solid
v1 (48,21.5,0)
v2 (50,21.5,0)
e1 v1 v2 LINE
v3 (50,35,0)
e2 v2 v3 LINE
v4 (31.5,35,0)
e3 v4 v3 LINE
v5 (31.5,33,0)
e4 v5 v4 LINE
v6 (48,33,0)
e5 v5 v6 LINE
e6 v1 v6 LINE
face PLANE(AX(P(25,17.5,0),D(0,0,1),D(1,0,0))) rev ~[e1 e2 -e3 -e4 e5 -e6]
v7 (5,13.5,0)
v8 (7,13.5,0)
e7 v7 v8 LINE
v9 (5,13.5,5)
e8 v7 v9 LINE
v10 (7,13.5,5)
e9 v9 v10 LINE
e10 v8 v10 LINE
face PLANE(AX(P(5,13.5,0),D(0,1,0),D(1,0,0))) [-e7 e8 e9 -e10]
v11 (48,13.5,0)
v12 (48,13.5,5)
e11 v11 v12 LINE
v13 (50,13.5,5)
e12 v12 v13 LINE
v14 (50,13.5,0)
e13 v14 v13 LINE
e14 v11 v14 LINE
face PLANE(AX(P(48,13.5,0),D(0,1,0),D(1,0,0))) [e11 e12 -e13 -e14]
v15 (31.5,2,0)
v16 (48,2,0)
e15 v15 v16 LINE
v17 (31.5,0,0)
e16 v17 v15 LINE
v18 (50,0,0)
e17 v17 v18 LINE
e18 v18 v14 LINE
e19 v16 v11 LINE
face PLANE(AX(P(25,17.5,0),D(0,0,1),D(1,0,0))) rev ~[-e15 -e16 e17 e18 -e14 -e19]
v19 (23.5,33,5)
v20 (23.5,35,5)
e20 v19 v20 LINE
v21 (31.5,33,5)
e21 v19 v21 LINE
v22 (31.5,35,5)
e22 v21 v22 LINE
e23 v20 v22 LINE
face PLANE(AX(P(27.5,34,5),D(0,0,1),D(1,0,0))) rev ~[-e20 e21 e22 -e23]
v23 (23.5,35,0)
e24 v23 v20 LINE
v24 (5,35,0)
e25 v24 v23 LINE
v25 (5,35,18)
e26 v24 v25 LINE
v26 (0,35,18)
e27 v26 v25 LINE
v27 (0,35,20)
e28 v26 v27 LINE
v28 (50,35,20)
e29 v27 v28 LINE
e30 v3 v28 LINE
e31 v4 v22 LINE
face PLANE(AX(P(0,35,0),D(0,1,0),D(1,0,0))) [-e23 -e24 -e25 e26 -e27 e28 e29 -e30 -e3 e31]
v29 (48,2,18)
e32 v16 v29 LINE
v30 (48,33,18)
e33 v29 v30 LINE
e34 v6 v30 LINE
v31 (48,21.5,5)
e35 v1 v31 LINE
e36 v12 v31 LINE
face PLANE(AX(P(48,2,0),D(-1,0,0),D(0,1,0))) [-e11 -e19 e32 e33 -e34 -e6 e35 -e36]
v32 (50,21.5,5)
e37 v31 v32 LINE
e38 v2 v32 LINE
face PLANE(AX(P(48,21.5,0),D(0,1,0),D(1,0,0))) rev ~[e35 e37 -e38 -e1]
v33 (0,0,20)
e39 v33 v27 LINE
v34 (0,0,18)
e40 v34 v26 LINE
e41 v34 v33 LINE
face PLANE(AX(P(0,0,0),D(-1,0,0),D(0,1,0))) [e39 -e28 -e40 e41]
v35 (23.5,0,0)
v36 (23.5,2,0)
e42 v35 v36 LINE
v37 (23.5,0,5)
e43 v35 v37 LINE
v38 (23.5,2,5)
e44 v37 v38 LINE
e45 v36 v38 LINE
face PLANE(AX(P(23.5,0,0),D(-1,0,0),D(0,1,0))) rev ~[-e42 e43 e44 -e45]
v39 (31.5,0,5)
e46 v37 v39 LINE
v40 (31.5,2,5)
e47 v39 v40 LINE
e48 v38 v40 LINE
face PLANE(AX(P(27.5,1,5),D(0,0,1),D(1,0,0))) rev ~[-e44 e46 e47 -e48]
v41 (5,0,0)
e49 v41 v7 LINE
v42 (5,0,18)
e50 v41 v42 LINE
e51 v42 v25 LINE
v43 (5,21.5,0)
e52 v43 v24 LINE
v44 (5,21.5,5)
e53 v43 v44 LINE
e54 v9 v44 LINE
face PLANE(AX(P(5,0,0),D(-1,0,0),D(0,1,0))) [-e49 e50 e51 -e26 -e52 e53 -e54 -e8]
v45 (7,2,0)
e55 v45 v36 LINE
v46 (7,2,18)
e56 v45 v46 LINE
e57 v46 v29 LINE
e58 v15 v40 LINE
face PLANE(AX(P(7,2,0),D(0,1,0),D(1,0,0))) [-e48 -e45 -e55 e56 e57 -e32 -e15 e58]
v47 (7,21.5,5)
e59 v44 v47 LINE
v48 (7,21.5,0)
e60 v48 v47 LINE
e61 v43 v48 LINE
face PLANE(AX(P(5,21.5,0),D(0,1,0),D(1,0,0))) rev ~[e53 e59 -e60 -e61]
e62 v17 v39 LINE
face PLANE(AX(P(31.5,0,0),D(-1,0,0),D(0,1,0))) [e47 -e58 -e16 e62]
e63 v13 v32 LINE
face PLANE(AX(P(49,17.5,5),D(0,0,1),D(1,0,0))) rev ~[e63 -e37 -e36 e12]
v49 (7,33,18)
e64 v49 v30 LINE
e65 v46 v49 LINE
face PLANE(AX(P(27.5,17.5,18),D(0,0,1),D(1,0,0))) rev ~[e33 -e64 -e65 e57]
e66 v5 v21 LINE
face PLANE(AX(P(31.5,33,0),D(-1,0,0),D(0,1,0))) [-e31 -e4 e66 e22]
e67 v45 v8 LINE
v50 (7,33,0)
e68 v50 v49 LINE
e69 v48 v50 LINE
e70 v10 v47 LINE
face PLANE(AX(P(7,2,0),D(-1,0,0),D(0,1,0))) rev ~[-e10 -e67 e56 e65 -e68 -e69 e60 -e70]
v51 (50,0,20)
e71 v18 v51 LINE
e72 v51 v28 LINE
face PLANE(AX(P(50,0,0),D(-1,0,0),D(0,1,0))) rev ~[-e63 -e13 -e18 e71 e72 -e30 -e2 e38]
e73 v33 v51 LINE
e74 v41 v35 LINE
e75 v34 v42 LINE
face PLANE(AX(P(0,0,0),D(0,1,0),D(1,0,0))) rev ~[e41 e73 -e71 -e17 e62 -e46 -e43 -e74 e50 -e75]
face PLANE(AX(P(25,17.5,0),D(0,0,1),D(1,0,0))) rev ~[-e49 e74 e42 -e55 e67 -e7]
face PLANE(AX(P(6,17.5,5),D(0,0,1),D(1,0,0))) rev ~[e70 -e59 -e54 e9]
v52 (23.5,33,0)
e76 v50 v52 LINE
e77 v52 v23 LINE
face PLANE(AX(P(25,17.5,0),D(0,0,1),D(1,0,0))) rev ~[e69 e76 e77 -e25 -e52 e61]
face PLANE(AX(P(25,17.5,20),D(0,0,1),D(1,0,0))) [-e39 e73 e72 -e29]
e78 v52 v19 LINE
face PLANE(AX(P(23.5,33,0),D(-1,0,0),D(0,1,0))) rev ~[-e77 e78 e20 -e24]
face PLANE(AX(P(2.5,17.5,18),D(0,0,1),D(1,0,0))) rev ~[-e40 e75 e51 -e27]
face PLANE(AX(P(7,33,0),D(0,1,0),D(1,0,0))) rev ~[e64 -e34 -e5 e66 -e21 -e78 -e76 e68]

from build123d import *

# Parameters (mm, degrees)
BOX006_W     = 2
BOX006_H     = 8
BOX006_DEPTH = 5
BOX005_W     = 2
BOX005_H     = 8
BOX005_DEPTH = 5
BOX004_W     = 8
BOX004_H     = 2
BOX004_DEPTH = 5
BOX003_W     = 8
BOX003_H     = 2
BOX003_DEPTH = 5
BOX002_W     = 41
BOX002_H     = 31
BOX002_DEPTH = 18
BOX001_W     = 5
BOX001_H     = 35
BOX001_DEPTH = 18
BOX_W        = 50
BOX_H        = 35
BOX_DEPTH    = 20


with BuildPart() as cubo006:
    # Box006 → Box006 (new body)
    with BuildSketch(Plane(origin=(48, 13.5, 0), x_dir=(1, 0, 0), z_dir=(0, 0, 1))):
        with Locations((1, 4)):
            Rectangle(BOX006_W, BOX006_H)
    extrude(amount=BOX006_DEPTH)


with BuildPart() as cubo005:
    # Box005 → Box005 (new body)
    with BuildSketch(Plane(origin=(5, 13.5, 0), x_dir=(1, 0, 0), z_dir=(0, 0, 1))):
        with Locations((1, 4)):
            Rectangle(BOX005_W, BOX005_H)
    extrude(amount=BOX005_DEPTH)


with BuildPart() as cubo004:
    # Box004 → Box004 (new body)
    with BuildSketch(Plane(origin=(23.5, 33, 0), x_dir=(1, 0, 0), z_dir=(0, 0, 1))):
        with Locations((4, 1)):
            Rectangle(BOX004_W, BOX004_H)
    extrude(amount=BOX004_DEPTH)


with BuildPart() as cubo003:
    # Box003 → Box003 (new body)
    with BuildSketch(Plane(origin=(23.5, 0, 0), x_dir=(1, 0, 0), z_dir=(0, 0, 1))):
        with Locations((4, 1)):
            Rectangle(BOX003_W, BOX003_H)
    extrude(amount=BOX003_DEPTH)


with BuildPart() as cubo002:
    # Box002 → Box002 (new body)
    with BuildSketch(Plane(origin=(7, 2, 0), x_dir=(1, 0, 0), z_dir=(0, 0, 1))):
        with Locations((20.5, 15.5)):
            Rectangle(BOX002_W, BOX002_H)
    extrude(amount=BOX002_DEPTH)


with BuildPart() as cubo001:
    # Box001 → Box001 (new body)
    with BuildSketch(Plane.XY):
        with Locations((2.5, 17.5)):
            Rectangle(BOX001_W, BOX001_H)
    extrude(amount=BOX001_DEPTH)


with BuildPart() as cut005:
    # Box → Box (new body)
    with BuildSketch(Plane.XY):
        with Locations((25, 17.5)):
            Rectangle(BOX_W, BOX_H)
    extrude(amount=BOX_DEPTH)

    # Cut: cut Cubo001
    add(cubo001.part, mode=Mode.SUBTRACT)

    # Cut001: cut Cubo002
    add(cubo002.part, mode=Mode.SUBTRACT)

    # Cut002: cut Cubo003
    add(cubo003.part, mode=Mode.SUBTRACT)

    # Cut003: cut Cubo004
    add(cubo004.part, mode=Mode.SUBTRACT)

    # Cut004: cut Cubo005
    add(cubo005.part, mode=Mode.SUBTRACT)

    # Cut005: cut Cubo006
    add(cubo006.part, mode=Mode.SUBTRACT)


solid = cut005.part
